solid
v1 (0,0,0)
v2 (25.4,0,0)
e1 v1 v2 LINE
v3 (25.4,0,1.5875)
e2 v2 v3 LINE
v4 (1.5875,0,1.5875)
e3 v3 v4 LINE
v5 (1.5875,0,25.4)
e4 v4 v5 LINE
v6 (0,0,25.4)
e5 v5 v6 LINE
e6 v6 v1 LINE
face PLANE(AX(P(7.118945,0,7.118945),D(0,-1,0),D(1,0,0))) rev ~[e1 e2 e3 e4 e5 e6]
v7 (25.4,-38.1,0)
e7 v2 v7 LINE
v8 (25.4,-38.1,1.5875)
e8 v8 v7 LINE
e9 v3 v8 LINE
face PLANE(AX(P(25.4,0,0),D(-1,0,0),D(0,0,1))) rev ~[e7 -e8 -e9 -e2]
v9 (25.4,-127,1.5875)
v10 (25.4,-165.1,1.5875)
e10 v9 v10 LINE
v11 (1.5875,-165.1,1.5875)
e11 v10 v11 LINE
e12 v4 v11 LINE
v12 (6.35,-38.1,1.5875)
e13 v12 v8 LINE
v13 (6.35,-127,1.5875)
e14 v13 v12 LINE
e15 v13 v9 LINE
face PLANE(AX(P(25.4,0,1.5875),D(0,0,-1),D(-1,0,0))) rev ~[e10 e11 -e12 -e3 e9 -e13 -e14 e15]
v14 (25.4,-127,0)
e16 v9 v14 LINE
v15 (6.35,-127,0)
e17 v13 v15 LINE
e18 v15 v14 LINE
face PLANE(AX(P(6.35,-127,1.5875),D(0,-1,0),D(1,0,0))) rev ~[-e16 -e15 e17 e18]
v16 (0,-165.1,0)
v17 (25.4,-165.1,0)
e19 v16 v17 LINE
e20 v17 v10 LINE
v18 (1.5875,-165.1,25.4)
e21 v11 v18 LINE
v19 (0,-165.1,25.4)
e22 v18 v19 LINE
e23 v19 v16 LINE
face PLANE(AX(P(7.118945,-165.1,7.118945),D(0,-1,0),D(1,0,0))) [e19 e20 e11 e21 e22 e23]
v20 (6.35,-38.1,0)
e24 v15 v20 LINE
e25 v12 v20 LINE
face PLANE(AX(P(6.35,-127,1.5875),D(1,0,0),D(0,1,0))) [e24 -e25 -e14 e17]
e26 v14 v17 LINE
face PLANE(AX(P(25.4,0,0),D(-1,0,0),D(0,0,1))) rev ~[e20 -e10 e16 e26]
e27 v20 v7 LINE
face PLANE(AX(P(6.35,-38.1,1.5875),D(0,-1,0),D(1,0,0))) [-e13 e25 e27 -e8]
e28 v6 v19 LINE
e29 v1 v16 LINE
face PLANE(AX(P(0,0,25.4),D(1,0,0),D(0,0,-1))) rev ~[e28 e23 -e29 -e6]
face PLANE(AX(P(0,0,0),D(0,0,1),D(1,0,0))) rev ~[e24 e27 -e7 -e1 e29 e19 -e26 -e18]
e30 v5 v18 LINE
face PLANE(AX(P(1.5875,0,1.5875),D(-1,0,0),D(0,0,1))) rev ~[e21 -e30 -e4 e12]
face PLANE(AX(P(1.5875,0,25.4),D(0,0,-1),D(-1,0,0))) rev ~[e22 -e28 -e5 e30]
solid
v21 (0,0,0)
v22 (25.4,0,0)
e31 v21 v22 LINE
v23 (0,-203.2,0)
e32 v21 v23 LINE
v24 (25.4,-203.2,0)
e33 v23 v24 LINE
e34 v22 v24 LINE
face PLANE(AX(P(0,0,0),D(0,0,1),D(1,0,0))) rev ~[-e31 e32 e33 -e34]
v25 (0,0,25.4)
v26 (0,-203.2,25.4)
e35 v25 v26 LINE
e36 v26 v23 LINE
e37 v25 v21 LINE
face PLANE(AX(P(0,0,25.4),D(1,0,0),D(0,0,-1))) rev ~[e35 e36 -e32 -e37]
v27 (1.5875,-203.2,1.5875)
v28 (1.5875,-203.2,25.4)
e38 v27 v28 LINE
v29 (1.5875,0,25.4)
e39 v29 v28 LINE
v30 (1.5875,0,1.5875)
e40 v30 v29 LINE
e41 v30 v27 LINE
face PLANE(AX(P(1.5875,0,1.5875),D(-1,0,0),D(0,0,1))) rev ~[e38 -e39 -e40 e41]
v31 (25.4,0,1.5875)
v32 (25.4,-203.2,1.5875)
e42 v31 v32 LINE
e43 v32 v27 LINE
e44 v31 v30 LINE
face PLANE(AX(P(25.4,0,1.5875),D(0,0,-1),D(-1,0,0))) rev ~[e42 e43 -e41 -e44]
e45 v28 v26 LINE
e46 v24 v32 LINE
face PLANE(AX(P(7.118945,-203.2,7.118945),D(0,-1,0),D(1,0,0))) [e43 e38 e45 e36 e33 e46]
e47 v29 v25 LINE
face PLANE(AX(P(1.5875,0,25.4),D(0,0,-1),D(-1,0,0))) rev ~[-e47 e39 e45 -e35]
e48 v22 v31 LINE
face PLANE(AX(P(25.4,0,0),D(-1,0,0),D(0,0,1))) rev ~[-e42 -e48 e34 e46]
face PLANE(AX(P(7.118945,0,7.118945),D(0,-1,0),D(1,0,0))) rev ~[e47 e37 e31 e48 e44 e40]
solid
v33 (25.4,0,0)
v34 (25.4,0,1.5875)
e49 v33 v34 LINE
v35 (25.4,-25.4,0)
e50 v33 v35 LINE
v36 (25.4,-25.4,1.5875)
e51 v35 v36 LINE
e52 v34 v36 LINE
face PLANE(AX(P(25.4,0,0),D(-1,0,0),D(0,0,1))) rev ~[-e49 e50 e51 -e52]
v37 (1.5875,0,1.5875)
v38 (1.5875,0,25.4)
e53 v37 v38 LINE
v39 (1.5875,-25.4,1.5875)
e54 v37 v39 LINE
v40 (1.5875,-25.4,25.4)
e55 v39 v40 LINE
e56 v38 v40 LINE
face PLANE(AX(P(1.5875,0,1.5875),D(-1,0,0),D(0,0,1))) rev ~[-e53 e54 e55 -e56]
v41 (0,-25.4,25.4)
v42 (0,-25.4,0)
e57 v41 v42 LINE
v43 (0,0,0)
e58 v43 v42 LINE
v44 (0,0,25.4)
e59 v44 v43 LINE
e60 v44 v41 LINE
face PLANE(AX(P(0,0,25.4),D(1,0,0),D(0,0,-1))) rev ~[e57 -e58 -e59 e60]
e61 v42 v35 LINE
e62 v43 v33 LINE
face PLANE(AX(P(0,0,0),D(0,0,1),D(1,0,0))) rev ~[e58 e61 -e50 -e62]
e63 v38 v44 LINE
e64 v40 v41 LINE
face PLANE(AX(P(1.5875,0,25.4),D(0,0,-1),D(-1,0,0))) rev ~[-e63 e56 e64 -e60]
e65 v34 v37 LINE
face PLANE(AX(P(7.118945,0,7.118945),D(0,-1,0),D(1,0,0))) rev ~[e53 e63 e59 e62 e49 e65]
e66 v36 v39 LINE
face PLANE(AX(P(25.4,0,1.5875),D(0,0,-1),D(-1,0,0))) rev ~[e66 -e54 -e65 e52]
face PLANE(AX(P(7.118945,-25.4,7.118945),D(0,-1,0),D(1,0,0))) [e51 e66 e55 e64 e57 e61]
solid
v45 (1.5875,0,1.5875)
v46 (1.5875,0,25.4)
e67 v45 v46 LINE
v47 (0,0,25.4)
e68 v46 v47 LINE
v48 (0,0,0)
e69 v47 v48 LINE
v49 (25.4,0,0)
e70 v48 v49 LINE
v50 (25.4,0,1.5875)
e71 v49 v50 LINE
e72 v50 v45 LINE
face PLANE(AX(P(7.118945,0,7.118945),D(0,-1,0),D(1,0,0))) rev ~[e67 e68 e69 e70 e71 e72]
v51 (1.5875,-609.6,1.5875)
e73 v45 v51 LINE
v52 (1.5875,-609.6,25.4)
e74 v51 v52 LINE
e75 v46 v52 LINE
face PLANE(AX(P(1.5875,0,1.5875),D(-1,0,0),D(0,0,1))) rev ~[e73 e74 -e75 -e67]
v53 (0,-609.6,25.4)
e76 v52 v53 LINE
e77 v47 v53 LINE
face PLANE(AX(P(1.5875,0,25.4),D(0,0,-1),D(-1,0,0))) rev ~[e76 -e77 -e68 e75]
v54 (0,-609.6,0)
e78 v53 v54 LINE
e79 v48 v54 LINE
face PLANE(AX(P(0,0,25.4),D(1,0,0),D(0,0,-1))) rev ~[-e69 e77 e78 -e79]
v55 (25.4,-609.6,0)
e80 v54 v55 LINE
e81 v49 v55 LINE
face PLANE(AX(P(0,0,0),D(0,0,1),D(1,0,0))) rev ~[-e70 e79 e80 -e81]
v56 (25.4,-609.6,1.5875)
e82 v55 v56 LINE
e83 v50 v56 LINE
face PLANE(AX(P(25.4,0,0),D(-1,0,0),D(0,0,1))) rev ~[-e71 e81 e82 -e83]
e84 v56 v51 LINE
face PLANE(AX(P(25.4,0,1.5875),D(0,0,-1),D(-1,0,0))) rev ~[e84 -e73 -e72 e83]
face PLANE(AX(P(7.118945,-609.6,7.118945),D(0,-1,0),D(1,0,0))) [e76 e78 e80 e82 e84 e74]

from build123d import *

# Parameters (mm, degrees)
F1_DEPTH = 203.2
F2_DEPTH = 609.6
F3_DEPTH = 25.4
F4_DEPTH = 165.1
F5_W     = 19.05
F5_H     = 88.9
F6_DEPTH = 25.4
F7_DEPTH = 203.2


with BuildPart() as f1:
    # F0 (on Front) → F1 (new body)
    with BuildSketch(Plane.XZ):
        Polygon((0, 25.4), (0, 0), (25.4, 0), (25.4, 1.5875), (1.5875, 1.5875), (1.5875, 25.4), align=None)
    extrude(amount=F1_DEPTH)


with BuildPart() as f2:
    # F0 (on Front) → F2 (new body)
    with BuildSketch(Plane.XZ):
        Polygon((0, 25.4), (0, 0), (25.4, 0), (25.4, 1.5875), (1.5875, 1.5875), (1.5875, 25.4), align=None)
    extrude(amount=F2_DEPTH)


with BuildPart() as f3:
    # F0 (on Front) → F3 (new body)
    with BuildSketch(Plane.XZ):
        Polygon((0, 25.4), (0, 0), (25.4, 0), (25.4, 1.5875), (1.5875, 1.5875), (1.5875, 25.4), align=None)
    extrude(amount=F3_DEPTH)


with BuildPart() as f4:
    # F0 (on Front) → F4 (new body)
    with BuildSketch(Plane.XZ):
        Polygon((0, 25.4), (0, 0), (25.4, 0), (25.4, 1.5875), (1.5875, 1.5875), (1.5875, 25.4), align=None)
    extrude(amount=F4_DEPTH)

    # F5 (on face) → F6 (cut)
    with BuildSketch(Plane.XY.offset(1.5875)):
        with Locations((15.875, -82.55)):
            Rectangle(F5_W, F5_H)
    extrude(amount=-F6_DEPTH, mode=Mode.SUBTRACT)


with BuildPart() as f7:
    # F0 (on Front) → F7 (new body)
    with BuildSketch(Plane.XZ):
        Polygon((0, 25.4), (0, 0), (25.4, 0), (25.4, 1.5875), (1.5875, 1.5875), (1.5875, 25.4), align=None)
    extrude(amount=F7_DEPTH)


solid = Compound([f1.part, f2.part, f3.part, f4.part])
